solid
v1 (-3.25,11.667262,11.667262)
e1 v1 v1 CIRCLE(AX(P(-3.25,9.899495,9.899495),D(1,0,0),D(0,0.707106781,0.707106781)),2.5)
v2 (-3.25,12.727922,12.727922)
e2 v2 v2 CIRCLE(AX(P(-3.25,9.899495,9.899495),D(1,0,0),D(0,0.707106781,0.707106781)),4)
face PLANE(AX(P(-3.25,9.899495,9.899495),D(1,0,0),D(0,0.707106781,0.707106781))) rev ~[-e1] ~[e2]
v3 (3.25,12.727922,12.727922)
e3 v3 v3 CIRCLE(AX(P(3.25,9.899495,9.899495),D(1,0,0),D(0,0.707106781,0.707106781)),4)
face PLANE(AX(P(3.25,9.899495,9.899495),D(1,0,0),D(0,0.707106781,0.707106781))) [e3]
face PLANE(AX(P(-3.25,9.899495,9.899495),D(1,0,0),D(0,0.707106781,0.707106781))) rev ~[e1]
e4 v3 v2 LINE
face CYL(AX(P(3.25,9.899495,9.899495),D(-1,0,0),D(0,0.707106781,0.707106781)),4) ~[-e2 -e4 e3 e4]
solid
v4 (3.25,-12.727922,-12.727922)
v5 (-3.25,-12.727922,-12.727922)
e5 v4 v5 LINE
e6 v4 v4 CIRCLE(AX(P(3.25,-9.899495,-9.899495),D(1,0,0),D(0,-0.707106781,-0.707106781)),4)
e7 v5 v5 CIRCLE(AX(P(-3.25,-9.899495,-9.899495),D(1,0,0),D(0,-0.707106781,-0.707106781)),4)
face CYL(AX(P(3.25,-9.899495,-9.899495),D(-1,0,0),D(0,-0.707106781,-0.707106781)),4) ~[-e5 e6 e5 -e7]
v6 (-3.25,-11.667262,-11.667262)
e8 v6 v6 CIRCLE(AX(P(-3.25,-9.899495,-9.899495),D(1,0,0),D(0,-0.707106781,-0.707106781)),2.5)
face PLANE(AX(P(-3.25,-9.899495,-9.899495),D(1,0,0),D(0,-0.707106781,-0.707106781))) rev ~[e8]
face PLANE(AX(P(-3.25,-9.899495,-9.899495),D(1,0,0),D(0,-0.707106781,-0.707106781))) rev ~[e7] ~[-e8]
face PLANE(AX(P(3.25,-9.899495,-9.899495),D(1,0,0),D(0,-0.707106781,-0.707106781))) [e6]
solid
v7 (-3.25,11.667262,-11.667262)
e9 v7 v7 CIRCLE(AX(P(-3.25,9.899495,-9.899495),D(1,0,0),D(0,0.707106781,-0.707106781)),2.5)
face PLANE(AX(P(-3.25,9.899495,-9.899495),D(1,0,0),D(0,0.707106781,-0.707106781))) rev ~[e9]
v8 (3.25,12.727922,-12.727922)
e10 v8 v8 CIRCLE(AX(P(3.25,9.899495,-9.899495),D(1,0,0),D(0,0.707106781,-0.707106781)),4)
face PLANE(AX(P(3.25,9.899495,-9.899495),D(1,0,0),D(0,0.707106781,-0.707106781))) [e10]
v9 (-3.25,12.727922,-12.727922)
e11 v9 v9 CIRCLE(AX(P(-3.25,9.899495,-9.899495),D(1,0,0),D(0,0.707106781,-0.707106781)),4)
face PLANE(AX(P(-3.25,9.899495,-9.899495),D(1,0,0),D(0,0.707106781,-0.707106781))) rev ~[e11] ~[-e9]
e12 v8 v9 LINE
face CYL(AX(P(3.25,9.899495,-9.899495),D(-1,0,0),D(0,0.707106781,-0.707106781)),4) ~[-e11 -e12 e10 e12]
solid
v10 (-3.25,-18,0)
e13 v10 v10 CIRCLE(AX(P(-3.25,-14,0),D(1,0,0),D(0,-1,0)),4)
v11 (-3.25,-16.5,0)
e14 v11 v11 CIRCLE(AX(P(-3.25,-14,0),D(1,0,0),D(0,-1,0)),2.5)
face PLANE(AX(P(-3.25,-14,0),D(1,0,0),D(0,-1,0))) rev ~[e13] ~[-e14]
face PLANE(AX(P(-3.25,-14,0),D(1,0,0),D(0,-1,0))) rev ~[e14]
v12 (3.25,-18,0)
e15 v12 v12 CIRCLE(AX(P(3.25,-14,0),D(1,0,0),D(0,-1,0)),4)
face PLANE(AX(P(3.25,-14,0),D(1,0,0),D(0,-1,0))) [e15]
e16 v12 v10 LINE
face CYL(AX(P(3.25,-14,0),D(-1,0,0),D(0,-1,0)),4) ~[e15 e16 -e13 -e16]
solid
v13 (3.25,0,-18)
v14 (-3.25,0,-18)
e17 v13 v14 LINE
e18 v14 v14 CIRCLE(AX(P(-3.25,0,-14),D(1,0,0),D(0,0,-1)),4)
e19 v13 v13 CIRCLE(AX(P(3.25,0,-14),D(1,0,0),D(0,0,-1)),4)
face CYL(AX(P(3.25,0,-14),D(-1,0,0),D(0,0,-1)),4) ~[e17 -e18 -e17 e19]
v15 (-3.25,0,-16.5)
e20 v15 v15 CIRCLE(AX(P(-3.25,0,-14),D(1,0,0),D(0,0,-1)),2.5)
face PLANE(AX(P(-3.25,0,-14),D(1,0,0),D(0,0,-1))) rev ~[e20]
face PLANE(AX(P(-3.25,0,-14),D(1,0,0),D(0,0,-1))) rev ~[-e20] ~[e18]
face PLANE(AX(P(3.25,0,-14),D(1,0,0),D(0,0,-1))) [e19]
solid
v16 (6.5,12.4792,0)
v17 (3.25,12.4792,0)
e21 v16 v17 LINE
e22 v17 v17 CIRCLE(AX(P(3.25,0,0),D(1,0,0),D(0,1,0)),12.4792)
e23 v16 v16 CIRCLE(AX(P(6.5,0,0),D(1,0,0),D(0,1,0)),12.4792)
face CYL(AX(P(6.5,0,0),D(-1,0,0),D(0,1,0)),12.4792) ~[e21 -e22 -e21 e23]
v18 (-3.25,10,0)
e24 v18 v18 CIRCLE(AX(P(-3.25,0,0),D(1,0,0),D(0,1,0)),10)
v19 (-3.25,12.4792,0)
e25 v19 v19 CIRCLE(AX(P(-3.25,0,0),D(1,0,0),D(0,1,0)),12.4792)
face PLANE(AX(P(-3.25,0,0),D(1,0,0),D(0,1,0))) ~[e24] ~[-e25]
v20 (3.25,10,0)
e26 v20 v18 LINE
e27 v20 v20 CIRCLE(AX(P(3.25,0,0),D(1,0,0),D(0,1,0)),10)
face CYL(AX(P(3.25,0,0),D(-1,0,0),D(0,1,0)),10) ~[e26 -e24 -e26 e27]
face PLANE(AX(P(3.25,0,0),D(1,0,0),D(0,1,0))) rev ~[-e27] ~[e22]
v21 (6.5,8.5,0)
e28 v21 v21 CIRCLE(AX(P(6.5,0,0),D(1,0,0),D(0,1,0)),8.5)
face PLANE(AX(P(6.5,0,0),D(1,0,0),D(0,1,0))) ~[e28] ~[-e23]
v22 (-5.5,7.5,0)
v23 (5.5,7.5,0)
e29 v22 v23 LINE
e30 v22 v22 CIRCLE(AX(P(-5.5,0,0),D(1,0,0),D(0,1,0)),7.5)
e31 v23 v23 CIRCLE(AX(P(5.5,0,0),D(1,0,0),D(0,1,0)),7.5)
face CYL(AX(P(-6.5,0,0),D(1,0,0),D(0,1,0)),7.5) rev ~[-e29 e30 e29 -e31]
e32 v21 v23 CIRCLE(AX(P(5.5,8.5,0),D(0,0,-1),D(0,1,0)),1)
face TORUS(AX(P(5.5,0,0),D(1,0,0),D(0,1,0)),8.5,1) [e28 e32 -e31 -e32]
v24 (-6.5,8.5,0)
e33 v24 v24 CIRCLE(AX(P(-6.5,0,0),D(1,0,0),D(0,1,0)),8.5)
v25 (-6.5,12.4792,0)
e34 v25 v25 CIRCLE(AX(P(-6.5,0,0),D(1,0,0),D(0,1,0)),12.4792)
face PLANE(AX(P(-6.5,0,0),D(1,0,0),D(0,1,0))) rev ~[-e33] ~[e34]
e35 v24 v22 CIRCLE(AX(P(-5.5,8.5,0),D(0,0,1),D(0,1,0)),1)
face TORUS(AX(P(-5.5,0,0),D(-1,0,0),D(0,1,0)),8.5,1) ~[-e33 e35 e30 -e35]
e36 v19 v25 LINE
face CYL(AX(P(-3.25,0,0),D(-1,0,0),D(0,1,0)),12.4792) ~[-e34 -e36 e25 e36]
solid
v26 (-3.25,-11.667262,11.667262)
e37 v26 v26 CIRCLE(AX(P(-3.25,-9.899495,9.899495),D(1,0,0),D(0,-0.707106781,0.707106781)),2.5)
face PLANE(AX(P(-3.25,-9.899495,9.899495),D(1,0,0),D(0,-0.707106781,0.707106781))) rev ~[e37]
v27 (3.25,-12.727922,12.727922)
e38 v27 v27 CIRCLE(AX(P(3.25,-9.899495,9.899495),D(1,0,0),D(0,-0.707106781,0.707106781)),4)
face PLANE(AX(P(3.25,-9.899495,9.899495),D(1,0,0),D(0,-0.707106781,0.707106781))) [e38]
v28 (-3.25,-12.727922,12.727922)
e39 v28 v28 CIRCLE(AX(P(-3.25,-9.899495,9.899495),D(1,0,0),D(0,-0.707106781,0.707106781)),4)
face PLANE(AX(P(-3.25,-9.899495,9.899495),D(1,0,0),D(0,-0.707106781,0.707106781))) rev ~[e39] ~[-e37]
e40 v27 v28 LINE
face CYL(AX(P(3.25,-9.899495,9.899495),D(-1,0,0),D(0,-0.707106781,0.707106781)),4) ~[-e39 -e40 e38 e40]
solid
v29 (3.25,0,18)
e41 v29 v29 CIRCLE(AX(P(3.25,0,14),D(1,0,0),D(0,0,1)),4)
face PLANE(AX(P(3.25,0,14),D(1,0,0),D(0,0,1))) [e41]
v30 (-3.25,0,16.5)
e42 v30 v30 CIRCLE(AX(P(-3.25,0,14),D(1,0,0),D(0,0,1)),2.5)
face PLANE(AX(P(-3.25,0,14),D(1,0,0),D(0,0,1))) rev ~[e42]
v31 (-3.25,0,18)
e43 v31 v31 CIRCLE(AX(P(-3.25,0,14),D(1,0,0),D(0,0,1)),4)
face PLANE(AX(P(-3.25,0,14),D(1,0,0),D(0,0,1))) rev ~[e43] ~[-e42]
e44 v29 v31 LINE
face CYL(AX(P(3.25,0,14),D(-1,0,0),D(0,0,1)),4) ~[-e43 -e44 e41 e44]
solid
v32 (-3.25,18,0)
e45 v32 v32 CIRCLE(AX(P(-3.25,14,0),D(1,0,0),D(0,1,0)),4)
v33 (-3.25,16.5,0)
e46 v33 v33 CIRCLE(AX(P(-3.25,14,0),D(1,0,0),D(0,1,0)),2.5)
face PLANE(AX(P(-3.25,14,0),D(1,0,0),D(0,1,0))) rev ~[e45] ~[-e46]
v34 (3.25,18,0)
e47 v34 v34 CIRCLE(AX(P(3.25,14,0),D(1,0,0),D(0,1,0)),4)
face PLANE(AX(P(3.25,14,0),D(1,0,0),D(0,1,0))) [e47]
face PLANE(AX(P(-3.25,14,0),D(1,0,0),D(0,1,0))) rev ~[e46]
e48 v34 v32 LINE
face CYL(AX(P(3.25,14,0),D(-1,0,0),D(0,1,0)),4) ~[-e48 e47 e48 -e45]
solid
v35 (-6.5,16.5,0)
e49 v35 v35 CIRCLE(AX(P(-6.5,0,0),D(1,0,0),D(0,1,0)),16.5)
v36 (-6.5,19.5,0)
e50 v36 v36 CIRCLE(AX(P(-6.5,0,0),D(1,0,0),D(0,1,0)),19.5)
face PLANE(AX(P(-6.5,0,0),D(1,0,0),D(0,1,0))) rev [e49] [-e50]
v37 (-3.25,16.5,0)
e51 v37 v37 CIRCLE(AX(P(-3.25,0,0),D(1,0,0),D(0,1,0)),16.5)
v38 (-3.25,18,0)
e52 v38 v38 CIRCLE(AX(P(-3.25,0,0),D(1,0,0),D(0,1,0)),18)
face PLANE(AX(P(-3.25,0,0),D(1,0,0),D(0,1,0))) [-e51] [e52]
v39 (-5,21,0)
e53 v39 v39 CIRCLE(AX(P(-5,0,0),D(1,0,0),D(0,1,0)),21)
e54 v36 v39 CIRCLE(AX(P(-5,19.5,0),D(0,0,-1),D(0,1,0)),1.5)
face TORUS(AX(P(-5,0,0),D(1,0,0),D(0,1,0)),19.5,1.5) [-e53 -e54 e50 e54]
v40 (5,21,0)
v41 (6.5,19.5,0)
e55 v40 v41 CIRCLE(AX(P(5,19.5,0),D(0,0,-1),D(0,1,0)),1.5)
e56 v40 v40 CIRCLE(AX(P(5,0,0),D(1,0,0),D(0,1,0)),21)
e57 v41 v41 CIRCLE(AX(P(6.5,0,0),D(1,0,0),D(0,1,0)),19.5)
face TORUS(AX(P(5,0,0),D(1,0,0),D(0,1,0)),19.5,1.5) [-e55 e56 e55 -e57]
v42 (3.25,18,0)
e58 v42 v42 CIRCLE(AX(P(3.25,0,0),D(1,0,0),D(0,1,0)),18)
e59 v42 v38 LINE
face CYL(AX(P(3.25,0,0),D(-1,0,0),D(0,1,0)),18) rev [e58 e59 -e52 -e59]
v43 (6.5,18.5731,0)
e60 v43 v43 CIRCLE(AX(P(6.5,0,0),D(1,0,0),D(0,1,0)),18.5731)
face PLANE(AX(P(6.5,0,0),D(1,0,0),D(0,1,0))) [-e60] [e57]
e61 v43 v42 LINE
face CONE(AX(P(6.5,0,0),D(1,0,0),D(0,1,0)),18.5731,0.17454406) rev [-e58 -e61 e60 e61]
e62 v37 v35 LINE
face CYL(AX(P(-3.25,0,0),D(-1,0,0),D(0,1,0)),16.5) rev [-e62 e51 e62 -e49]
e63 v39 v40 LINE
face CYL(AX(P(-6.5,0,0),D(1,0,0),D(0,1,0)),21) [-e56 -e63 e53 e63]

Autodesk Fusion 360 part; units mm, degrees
sketch "Sketch1" plane through (0, 0, 0) normal (0, 0, 1) x (1, 0, 0)
  line L0 (-41.4222, 0) -> (41.4222, 0)
  line L1 (-6.5, 7.5) -> (6.5, 7.5)
  line L2 (6.5, 7.5) -> (6.5, 12.4792)
  line L3 (6.5, 12.4792) -> (3.25, 12.4792)
  line L4 (3.25, 12.4792) -> (3.25, 10)
  line L5 (3.25, 10) -> (-3.25, 10)
  line L6 (-3.25, 10) -> (-3.25, 12.4792)
  line L7 (-3.25, 12.4792) -> (-6.5, 12.4792)
  line L8 (-6.5, 12.4792) -> (-6.5, 7.5)
  line L9 (-6.5, 16.5) -> (-6.5, 21)
  line L10 (-6.5, 21) -> (6.5, 21)
  line L11 (6.5, 21) -> (6.5, 18.5731)
  line L12 (6.5, 18.5731) -> (3.25, 18)
  line L13 (3.25, 18) -> (-3.25, 18)
  line L14 (-3.25, 18) -> (-3.25, 16.5)
  line L15 (-3.25, 16.5) -> (-6.5, 16.5)
  line L16 (-3.25, 16.5) -> (-3.25, 12.4792)
  line L17 (3.25, 18) -> (3.25, 12.4792)
  line L18 (0, 18) -> (0, 10) construction
  line L19 (-3.25, 14) -> (3.25, 14)
  point P0 (0, 7.5)
  point P1 (0, 14)
  dimension "d1" = 15
  dimension "d2" = 13
  dimension "d3" = 10
  dimension "d4" = 42
  dimension "d5" = 3.25
  dimension "d6" = 24.9585
  dimension "d7" = 20
  dimension "d8" = 33
  dimension "d9" = 36
revolve "Revolve1" add sketch "Sketch1" angle 360 about axis through (-41.4222, 0, 0) along (1, 0, 0) contours L1 L2 L3 L4 L5 L6 L7 L8 | L9 L10 L11 L12 L13 L14 L15 makes body 1 at (-2.1667, 20.8956, -2.0909) makes body 2 at (-2.1667, 7.4627, -0.7468)
revolve "Revolve2" add sketch "Sketch1" angle 360 about axis through (-3.25, 14, 0) along (1, 0, 0) separate body contours L13 L14 L16 L17 L19 makes body 3
pattern_circular "C-Pattern1" count 8 over 360 about axis through (-41.4222, 0, 0) along (1, 0, 0) of bodies 3 makes body 4 at (1.0833, 12.9955, 12.4322) makes body 5 at (1.0833, 0.3983, 17.9801) makes body 6 at (1.0833, -12.4322, 12.9955) makes body 7 at (1.0833, -17.9801, 0.3983) makes body 8 at (1.0833, -12.8654, -12.5834) makes body 9 at (1.0833, -0.3983, -17.9801) makes body 10 at (1.0833, 12.4322, -12.9955)
fillet "Fillet1" radius 1 2 edges at (6.5, -2.7121, 6.9925) (-6.5, -2.7121, 6.9925) on bodies 2
fillet "Fillet2" radius 1.5 2 edges at (6.5, -7.5939, 19.5789) (-6.5, -7.5939, 19.5789) on bodies 1
equation "d5 = ( 13 * 0.25 ) * 1 mm"
